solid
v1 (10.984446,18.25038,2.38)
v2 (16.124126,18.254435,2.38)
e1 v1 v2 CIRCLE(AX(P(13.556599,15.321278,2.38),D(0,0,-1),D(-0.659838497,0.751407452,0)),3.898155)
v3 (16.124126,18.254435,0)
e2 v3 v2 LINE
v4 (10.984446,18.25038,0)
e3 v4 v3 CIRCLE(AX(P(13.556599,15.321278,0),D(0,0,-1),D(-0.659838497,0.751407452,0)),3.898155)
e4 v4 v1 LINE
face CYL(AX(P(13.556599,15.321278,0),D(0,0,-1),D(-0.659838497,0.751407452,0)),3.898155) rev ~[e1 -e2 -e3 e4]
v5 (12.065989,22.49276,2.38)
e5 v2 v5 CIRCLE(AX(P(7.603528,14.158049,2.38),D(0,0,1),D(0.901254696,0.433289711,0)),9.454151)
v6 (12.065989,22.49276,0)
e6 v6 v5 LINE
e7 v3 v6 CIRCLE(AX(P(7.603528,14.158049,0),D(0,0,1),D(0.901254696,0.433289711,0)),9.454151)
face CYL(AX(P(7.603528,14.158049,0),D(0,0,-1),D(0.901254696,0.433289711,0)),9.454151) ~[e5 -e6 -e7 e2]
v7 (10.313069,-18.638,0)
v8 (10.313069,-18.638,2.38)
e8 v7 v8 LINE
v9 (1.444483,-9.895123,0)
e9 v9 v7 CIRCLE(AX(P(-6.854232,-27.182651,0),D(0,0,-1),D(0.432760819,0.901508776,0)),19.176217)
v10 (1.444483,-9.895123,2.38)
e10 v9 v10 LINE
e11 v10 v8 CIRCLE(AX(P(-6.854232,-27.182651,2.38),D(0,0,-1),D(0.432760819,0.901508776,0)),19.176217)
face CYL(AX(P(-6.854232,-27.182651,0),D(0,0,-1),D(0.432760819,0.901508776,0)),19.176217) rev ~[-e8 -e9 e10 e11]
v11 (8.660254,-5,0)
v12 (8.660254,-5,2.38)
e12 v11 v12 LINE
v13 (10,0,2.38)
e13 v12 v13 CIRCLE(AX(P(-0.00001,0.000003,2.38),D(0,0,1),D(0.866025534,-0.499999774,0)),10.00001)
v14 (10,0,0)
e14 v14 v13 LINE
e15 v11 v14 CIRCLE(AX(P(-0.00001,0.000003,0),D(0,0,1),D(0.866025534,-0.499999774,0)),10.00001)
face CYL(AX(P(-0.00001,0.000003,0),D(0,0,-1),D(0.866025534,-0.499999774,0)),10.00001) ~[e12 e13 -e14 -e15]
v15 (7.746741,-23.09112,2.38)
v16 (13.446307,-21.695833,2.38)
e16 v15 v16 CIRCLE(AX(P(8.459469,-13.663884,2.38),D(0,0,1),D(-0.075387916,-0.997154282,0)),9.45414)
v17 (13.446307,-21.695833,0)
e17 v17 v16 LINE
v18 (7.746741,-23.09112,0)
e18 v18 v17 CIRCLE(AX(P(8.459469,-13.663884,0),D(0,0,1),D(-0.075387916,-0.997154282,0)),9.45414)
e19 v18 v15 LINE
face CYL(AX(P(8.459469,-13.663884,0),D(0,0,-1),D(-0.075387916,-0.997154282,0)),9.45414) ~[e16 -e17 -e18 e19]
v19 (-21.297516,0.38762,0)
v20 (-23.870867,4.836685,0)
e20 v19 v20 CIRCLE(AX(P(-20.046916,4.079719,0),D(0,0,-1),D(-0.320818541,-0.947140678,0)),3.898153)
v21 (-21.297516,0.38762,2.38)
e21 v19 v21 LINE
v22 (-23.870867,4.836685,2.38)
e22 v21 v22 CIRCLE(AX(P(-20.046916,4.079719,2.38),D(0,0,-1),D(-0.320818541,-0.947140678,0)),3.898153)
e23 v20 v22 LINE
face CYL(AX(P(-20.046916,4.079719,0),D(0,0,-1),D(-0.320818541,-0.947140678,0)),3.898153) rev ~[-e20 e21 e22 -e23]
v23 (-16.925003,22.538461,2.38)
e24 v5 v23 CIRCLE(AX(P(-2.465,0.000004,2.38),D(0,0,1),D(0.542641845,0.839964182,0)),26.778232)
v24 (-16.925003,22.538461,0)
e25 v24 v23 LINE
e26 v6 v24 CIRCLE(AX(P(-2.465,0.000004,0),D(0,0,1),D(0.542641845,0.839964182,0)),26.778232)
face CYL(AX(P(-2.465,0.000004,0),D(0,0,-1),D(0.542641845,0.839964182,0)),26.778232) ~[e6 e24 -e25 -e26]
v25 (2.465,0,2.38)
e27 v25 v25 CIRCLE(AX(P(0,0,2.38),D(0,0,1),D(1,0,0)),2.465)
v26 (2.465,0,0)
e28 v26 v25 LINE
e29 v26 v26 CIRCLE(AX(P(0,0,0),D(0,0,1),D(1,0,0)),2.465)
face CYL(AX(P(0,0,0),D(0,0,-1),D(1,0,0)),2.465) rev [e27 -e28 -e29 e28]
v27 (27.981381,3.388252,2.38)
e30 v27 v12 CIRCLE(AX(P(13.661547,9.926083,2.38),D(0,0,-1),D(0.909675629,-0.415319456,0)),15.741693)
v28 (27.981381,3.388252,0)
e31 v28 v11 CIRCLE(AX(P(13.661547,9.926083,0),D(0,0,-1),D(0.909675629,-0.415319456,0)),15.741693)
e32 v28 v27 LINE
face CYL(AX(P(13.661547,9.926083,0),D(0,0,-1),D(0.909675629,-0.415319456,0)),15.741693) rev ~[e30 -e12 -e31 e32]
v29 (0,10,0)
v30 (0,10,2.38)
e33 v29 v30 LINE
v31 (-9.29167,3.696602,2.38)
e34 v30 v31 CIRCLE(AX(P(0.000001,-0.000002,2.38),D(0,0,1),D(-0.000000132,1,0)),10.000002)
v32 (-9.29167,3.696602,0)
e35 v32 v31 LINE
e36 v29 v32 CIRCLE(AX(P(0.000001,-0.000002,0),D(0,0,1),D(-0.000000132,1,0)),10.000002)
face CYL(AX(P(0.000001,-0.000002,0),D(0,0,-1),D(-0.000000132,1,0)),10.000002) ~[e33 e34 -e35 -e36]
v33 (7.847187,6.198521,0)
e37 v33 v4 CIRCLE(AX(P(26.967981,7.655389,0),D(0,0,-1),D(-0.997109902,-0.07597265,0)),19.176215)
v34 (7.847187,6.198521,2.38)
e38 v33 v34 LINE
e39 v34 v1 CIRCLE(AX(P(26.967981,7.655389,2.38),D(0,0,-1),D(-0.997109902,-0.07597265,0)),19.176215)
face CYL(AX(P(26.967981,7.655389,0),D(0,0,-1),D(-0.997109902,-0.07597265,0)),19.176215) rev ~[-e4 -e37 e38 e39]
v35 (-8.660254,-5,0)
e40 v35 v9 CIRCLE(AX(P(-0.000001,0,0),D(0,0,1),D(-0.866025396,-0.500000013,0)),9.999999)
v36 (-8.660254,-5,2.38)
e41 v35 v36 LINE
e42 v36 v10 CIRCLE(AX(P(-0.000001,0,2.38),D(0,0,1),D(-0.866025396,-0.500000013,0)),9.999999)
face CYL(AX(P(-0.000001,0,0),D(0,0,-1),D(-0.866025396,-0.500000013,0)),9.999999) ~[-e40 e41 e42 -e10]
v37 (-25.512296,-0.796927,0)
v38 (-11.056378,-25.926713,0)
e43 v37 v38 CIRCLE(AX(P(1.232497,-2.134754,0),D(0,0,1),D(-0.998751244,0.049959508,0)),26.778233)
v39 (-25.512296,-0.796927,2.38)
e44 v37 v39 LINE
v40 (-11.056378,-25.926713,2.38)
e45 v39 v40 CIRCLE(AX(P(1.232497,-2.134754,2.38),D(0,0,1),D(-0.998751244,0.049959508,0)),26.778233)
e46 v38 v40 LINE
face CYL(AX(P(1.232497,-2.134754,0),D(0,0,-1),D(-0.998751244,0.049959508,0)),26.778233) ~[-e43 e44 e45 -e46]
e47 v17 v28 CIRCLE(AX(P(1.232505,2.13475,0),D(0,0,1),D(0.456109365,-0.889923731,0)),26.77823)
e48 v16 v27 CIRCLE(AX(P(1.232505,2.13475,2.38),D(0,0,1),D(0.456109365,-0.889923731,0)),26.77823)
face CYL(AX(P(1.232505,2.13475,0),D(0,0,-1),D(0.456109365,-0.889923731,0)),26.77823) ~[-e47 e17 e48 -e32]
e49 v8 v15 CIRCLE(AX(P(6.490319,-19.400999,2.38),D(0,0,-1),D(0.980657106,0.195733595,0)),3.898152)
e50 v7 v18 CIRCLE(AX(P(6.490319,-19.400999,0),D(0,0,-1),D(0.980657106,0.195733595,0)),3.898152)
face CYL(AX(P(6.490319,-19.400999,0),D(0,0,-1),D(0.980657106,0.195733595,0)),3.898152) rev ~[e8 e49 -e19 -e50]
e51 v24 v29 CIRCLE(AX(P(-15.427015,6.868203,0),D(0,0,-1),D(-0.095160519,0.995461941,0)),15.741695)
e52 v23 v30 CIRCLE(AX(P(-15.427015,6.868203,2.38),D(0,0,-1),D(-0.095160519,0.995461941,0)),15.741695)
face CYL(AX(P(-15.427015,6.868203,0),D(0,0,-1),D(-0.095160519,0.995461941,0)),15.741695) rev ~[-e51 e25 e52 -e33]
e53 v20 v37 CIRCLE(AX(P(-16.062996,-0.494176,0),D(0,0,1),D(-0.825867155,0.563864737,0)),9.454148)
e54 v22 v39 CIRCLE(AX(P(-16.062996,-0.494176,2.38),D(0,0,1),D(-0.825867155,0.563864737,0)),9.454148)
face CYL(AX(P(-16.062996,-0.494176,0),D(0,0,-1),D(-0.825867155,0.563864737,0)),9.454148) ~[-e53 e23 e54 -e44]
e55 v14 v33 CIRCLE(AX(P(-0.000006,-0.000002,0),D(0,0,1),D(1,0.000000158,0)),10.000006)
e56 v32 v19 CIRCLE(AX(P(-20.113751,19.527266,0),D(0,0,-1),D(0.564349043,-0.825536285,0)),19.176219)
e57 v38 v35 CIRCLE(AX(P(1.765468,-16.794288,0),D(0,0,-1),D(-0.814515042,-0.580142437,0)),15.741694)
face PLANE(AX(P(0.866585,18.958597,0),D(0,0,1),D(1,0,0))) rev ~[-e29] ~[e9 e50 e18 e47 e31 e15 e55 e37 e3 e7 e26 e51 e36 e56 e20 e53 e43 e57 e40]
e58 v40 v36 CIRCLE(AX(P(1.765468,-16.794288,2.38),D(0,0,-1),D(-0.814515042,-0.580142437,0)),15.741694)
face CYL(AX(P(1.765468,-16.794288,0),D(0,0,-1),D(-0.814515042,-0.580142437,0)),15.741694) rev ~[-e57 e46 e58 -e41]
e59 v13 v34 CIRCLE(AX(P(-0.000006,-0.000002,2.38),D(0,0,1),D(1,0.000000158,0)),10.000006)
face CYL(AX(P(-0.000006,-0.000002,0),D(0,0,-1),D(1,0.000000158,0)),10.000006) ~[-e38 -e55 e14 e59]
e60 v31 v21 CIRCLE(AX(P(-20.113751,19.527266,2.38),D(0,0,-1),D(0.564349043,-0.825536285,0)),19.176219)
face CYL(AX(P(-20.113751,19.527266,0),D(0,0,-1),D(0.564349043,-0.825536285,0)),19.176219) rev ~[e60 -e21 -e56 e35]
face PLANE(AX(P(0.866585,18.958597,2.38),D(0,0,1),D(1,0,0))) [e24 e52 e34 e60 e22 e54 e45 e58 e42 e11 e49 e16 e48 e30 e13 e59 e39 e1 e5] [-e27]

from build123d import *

# Parameters (mm, degrees)
F0_R     = 2.465
F1_DEPTH = 2.38


with BuildPart() as f1:
    # F0 (on Top) → F1 (new body)
    with BuildSketch(Plane.XY):
        with BuildLine():
            ThreePointArc((0, 10), (4.359747, 8.999589), (7.847187, 6.198521))
            ThreePointArc((7.847187, 6.198521), (8.410225, 12.486219), (10.984446, 18.25038))
            ThreePointArc((10.984446, 18.25038), (13.553523, 19.219431), (16.124126, 18.254435))
            ThreePointArc((16.124126, 18.254435), (14.432203, 20.69641), (12.065989, 22.49276))
            ThreePointArc((12.065989, 22.49276), (-2.422788, 26.778203), (-16.925003, 22.538461))
            ThreePointArc((-16.925003, 22.538461), (-6.056439, 19.517047), (0, 10))
        make_face()
        with BuildLine():
            ThreePointArc((-8.660254, -5), (-9.973746, -0.724143), (-9.29167, 3.696602))
            ThreePointArc((-9.29167, 3.696602), (-15.018496, 1.040359), (-21.297516, 0.38762))
            ThreePointArc((-21.297516, 0.38762), (-23.421277, 2.12798), (-23.870867, 4.836685))
            ThreePointArc((-23.870867, 4.836685), (-25.139718, 2.15045), (-25.512296, -0.796927))
            ThreePointArc((-25.512296, -0.796927), (-21.97921, -15.487297), (-11.056378, -25.926713))
            ThreePointArc((-11.056378, -25.926713), (-13.874039, -15.003553), (-8.660254, -5))
        make_face()
        with BuildLine():
            ThreePointArc((27.981381, 3.388252), (19.930478, -4.513494), (8.660254, -5))
            ThreePointArc((8.660254, -5), (5.613999, -8.275446), (1.444483, -9.895123))
            ThreePointArc((1.444483, -9.895123), (6.60827, -13.526578), (10.313069, -18.638))
            ThreePointArc((10.313069, -18.638), (9.867754, -21.347411), (7.746741, -23.09112))
            ThreePointArc((7.746741, -23.09112), (10.707515, -22.84686), (13.446307, -21.695833))
            ThreePointArc((13.446307, -21.695833), (24.401998, -11.290906), (27.981381, 3.388252))
        make_face()
        with BuildLine():
            ThreePointArc((8.660254, -5), (9.659258, -2.58819), (10, 0))
            ThreePointArc((10, 0), (9.446477, 3.280864), (7.847187, 6.198521))
            ThreePointArc((7.847187, 6.198521), (4.359747, 8.999589), (0, 10))
            ThreePointArc((0, 10), (-5.613999, 8.275446), (-9.29167, 3.696602))
            ThreePointArc((-9.29167, 3.696602), (-9.973746, -0.724143), (-8.660254, -5))
            ThreePointArc((-8.660254, -5), (-4.359747, -8.999589), (1.444483, -9.895123))
            ThreePointArc((1.444483, -9.895123), (5.613999, -8.275446), (8.660254, -5))
        make_face()
        Circle(F0_R, mode=Mode.SUBTRACT)
    extrude(amount=F1_DEPTH)


solid = f1.part
